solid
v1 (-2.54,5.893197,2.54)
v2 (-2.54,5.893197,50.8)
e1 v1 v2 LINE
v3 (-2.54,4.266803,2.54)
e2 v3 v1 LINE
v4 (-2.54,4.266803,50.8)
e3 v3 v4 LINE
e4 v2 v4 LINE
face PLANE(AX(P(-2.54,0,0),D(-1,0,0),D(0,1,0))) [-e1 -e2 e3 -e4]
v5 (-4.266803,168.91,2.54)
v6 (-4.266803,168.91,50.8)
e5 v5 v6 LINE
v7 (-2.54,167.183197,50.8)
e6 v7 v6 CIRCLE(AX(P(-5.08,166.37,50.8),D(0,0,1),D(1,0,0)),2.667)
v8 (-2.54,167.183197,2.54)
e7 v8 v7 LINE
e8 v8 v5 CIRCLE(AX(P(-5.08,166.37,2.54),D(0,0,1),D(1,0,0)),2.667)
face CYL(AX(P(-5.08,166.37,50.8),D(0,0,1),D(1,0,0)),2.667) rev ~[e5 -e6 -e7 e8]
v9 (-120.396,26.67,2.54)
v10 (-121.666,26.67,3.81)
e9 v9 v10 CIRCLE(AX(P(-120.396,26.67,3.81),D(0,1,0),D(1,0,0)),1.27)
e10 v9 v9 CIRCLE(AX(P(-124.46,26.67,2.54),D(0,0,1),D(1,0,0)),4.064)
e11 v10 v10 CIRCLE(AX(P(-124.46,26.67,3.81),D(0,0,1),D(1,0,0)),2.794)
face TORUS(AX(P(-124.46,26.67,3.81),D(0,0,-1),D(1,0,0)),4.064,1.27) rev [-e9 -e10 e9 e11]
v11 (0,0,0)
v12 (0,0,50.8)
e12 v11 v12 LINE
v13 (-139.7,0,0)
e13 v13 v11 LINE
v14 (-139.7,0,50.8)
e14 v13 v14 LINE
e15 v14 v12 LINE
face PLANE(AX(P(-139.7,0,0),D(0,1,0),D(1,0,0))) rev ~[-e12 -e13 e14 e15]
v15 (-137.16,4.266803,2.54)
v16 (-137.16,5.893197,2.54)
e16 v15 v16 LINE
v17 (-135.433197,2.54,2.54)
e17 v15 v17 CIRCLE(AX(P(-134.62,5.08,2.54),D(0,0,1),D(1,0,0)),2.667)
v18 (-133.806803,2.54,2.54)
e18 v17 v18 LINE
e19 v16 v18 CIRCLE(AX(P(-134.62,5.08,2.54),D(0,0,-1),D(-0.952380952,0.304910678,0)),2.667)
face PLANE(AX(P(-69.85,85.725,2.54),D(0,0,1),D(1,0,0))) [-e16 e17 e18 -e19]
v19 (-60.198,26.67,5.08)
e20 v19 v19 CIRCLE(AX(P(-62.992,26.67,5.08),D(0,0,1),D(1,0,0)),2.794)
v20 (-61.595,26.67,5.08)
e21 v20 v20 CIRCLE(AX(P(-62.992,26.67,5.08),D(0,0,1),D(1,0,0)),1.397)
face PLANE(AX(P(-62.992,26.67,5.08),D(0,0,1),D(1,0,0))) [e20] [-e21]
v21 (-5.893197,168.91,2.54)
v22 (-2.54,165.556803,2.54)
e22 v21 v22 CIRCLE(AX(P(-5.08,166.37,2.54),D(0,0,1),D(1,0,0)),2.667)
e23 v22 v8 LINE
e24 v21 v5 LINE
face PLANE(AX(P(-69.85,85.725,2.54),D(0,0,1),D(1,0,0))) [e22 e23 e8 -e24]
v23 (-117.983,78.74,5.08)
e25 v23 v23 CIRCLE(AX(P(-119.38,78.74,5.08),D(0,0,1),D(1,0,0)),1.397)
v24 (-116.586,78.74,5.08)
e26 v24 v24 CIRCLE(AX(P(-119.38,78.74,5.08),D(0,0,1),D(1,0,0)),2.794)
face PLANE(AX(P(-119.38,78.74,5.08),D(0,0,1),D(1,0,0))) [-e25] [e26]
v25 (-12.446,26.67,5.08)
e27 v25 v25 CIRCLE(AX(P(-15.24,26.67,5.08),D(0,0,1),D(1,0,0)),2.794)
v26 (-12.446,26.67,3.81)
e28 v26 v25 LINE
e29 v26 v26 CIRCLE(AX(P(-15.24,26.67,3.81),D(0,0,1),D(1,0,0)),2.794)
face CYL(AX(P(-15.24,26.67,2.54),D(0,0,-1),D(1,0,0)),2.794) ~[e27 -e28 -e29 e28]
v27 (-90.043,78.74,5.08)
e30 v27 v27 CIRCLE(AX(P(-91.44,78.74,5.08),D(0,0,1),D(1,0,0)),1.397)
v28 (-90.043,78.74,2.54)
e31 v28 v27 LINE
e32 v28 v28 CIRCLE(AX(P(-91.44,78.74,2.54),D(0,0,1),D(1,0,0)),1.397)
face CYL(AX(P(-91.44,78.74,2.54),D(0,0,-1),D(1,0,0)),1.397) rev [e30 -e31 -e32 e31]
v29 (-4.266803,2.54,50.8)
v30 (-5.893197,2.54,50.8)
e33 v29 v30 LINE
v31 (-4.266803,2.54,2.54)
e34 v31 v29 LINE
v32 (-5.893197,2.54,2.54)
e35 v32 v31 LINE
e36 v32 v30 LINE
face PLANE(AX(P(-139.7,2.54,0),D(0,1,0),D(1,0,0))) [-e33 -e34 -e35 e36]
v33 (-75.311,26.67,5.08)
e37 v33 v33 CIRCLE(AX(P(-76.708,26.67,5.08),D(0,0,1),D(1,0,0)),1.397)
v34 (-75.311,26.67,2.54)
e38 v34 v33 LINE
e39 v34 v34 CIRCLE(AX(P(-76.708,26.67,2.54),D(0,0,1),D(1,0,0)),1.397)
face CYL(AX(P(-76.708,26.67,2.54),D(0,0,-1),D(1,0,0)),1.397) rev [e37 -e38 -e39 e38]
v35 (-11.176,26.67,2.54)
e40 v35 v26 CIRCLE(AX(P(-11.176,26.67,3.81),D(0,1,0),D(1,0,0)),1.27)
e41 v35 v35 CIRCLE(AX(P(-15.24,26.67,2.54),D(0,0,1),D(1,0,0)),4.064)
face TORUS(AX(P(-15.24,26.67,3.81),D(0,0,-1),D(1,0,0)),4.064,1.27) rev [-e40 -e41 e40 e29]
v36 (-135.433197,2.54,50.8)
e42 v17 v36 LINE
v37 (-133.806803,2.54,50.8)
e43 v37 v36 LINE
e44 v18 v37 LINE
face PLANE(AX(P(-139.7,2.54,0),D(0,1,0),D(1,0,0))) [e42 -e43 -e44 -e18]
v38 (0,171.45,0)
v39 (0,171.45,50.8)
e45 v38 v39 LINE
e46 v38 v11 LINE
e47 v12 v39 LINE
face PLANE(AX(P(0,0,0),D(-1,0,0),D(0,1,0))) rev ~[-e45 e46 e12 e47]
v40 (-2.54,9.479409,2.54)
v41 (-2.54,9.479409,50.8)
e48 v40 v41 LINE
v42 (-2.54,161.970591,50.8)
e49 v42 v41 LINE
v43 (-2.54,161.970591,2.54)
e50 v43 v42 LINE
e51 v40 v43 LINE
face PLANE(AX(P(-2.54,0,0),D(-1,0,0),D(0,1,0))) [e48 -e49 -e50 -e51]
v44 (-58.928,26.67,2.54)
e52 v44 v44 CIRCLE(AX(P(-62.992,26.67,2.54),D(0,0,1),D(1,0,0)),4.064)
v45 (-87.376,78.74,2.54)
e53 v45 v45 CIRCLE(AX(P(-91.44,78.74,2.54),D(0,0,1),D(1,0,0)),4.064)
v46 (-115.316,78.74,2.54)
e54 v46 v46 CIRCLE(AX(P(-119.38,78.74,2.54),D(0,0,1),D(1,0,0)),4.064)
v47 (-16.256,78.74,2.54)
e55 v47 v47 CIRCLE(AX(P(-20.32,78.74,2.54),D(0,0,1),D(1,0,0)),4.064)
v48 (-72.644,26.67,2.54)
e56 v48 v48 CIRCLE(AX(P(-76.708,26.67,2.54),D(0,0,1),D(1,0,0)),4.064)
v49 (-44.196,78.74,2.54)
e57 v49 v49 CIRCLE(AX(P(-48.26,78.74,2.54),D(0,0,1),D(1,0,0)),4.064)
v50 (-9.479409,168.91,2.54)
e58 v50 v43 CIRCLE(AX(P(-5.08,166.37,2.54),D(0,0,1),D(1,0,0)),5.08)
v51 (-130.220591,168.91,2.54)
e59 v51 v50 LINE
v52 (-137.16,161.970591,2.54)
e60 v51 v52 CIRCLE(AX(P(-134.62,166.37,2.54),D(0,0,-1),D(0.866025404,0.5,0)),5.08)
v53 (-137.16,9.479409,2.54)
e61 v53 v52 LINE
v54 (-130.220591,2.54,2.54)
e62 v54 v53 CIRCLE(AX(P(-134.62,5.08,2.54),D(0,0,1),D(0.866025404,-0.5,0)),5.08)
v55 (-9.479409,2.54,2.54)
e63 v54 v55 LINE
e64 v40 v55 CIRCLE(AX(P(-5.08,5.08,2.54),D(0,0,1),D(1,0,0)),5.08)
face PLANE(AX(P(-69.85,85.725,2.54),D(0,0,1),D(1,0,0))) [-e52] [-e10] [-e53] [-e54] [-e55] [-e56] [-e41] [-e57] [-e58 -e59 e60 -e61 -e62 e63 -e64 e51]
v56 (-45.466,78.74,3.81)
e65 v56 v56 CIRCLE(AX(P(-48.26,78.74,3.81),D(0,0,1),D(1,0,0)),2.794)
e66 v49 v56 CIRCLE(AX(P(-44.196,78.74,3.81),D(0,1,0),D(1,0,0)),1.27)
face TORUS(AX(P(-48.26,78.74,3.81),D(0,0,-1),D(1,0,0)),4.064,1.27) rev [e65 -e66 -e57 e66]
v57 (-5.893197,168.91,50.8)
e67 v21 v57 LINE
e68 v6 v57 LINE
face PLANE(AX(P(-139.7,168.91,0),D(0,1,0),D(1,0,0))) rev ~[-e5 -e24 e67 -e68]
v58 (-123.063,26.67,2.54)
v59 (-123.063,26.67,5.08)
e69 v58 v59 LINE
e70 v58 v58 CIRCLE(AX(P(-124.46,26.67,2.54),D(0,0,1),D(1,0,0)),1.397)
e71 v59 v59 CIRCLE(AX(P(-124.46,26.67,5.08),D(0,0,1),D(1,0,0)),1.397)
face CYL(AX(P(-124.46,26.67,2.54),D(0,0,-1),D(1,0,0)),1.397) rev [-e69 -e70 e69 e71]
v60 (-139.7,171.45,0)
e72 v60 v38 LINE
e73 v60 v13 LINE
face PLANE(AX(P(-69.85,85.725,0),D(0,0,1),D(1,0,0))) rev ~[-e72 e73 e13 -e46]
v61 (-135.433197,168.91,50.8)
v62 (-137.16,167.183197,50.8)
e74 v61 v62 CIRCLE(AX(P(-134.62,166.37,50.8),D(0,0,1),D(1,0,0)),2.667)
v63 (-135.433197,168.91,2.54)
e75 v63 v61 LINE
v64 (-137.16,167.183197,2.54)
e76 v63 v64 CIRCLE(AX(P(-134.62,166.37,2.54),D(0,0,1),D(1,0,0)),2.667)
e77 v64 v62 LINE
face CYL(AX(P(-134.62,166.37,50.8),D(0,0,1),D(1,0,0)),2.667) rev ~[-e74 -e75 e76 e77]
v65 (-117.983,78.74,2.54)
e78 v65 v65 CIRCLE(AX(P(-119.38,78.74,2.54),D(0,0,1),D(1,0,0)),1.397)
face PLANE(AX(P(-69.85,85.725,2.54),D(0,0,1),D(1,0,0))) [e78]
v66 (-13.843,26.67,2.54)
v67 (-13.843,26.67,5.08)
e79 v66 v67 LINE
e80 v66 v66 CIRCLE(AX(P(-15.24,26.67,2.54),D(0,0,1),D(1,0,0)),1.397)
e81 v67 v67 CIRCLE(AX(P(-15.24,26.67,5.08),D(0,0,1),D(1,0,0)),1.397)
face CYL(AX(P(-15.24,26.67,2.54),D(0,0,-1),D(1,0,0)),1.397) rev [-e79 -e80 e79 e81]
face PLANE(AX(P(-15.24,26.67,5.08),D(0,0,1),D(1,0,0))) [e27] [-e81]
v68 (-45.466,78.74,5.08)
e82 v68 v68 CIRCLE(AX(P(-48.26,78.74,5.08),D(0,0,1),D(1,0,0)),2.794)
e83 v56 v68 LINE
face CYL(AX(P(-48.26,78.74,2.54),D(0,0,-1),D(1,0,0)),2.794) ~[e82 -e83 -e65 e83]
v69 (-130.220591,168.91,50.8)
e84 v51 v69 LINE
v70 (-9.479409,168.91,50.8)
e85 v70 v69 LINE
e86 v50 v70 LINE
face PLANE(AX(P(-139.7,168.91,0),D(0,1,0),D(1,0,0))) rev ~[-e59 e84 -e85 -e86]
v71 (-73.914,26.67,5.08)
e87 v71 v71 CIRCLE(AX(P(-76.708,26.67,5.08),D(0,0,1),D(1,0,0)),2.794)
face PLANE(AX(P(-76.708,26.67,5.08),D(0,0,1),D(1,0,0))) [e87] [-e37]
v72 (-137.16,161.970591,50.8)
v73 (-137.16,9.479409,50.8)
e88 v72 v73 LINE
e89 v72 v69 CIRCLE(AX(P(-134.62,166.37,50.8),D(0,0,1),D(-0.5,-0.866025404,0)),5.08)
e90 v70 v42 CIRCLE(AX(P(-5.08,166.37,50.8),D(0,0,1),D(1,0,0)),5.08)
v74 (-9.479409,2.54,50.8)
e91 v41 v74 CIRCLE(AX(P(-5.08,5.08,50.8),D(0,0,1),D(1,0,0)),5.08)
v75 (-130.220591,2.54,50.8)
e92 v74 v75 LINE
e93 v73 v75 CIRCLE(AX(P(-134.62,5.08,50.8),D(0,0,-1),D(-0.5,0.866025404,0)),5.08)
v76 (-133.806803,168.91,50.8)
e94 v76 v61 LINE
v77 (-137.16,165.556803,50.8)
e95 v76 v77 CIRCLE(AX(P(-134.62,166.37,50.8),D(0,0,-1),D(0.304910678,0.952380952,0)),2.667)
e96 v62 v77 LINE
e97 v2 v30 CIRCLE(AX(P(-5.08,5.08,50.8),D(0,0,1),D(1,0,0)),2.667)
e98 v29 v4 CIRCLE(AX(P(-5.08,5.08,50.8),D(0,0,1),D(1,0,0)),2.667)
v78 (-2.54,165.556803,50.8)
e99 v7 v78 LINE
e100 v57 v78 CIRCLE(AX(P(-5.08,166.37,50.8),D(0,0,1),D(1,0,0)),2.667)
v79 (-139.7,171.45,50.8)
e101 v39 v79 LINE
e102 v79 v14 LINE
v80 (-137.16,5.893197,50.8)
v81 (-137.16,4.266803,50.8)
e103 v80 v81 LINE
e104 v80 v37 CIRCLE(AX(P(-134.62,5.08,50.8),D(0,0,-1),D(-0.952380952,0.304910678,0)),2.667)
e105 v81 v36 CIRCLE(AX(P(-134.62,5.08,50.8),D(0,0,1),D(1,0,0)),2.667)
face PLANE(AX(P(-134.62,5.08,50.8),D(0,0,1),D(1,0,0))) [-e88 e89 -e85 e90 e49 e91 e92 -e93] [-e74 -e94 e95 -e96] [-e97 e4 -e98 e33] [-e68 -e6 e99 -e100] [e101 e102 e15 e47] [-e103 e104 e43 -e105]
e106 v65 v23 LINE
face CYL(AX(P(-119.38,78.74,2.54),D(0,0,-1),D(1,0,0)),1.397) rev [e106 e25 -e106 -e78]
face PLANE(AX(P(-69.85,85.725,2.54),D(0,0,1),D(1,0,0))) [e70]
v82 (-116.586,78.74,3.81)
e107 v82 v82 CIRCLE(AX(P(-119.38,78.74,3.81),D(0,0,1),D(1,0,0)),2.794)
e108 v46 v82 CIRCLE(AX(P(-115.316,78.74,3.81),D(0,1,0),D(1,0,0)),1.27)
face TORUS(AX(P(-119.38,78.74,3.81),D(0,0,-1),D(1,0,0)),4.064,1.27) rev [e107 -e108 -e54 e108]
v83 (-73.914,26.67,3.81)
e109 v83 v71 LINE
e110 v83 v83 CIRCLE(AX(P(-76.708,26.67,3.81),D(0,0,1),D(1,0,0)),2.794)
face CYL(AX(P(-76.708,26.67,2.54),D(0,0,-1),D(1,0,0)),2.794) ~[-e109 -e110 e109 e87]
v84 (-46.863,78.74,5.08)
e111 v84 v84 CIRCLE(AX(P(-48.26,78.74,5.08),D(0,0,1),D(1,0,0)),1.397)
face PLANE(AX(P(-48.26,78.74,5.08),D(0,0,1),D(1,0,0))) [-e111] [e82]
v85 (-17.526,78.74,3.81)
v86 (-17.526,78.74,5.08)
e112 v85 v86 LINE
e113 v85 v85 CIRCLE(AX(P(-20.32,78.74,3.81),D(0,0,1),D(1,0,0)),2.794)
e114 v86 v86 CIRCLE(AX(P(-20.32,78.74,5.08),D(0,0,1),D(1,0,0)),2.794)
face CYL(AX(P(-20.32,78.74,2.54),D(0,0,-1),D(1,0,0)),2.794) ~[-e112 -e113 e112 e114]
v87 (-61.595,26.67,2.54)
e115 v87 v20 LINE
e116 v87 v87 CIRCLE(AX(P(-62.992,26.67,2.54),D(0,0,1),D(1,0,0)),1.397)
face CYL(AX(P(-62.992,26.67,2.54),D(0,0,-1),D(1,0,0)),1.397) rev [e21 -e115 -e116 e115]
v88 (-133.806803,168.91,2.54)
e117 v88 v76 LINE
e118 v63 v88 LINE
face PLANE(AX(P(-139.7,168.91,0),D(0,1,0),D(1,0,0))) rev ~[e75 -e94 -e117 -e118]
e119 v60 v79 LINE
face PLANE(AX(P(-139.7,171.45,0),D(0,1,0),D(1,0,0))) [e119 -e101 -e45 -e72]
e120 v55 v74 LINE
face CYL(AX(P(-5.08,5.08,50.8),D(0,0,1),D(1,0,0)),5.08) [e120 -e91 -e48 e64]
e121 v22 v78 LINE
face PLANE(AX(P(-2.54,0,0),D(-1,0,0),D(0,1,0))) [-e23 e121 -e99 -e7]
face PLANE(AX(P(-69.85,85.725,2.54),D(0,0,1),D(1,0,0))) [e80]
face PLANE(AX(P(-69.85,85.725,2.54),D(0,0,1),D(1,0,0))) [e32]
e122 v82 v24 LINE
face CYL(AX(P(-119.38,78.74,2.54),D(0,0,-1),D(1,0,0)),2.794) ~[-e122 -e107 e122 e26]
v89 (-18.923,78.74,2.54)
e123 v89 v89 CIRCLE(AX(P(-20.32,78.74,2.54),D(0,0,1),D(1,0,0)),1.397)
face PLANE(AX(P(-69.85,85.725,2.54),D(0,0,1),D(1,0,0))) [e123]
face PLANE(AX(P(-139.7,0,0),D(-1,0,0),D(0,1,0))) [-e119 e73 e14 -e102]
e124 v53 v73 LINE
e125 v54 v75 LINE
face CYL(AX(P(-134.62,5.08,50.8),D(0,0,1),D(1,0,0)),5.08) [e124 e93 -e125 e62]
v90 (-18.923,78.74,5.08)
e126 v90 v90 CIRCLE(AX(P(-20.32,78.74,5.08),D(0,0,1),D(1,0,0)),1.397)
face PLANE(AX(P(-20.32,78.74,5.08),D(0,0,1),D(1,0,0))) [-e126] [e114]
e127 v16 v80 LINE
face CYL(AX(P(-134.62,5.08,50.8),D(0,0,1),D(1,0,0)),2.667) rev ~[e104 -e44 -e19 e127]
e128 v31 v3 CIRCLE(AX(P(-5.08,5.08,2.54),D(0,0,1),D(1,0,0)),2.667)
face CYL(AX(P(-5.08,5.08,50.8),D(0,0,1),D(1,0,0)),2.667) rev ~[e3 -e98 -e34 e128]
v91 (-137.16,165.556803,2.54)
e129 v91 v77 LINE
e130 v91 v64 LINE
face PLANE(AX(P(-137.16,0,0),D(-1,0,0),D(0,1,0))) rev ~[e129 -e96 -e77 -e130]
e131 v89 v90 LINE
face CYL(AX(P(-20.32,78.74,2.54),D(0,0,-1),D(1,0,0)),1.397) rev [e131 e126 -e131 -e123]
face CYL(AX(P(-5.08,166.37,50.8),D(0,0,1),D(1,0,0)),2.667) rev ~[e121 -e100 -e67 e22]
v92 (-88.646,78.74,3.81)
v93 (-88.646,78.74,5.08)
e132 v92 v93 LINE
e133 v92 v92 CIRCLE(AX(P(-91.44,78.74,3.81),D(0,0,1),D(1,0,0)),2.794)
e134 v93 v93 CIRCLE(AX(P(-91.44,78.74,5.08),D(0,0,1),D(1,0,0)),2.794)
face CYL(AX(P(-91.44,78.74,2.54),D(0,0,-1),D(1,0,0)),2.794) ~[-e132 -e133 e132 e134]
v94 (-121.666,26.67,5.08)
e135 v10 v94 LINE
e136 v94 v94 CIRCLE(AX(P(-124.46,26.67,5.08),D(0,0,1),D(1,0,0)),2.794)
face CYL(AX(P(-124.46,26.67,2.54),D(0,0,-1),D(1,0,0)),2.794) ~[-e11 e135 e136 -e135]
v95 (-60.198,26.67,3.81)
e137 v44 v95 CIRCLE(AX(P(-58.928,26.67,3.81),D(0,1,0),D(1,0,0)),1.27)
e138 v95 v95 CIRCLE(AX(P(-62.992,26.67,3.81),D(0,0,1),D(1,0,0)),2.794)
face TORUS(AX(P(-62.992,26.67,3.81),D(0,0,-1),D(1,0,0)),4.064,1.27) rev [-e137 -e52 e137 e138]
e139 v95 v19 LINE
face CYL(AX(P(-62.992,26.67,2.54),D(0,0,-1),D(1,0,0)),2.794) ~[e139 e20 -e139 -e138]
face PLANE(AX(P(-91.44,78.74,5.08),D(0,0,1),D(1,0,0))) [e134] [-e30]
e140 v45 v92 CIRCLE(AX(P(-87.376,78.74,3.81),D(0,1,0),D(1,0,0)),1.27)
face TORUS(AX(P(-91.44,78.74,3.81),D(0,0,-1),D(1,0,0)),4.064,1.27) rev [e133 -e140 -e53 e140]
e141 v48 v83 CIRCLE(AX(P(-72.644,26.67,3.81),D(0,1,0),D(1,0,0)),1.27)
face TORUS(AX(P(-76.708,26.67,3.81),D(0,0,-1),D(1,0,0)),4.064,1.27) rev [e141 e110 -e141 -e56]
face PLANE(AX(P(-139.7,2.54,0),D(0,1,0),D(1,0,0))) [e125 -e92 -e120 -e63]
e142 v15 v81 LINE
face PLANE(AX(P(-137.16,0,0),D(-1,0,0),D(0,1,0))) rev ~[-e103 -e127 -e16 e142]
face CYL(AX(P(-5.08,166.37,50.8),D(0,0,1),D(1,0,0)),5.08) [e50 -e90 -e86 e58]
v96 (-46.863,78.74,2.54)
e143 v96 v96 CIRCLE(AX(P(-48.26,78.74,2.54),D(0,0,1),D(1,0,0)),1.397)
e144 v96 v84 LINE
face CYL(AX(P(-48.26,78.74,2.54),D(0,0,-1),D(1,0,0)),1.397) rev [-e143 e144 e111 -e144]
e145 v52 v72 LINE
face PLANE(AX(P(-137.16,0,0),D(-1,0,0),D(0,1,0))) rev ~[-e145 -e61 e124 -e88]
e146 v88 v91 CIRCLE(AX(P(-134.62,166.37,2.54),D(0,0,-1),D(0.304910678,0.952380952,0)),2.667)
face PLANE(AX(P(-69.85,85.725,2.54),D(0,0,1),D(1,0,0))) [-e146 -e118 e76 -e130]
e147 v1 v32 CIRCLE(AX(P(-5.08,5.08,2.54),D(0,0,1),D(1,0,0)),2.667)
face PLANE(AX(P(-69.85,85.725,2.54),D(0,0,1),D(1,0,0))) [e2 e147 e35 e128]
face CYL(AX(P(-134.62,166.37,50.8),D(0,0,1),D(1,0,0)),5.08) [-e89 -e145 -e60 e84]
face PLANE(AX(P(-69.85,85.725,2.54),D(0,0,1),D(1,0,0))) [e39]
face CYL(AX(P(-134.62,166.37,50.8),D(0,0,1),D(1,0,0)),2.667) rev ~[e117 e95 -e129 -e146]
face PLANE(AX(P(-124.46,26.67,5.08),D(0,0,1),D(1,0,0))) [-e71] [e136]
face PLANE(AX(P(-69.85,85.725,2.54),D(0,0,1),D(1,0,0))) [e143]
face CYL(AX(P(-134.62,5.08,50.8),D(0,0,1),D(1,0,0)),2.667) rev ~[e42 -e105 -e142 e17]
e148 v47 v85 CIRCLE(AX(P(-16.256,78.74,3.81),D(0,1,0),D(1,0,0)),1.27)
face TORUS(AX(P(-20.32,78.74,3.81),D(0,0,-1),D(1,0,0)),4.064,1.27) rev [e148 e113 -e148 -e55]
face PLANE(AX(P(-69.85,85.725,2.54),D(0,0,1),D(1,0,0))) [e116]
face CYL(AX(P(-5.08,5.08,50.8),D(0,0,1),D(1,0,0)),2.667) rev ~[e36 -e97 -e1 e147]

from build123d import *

# Parameters (mm, degrees)
SKETCH1_W           = 139.7
SKETCH1_H           = 171.45
BOSS_EXTRUDE1_DEPTH = 50.8
SHELL2_T            = -2.54
SKETCH3_R           = 5.08
SKETCH3_R_2         = 2.667
BOSS_EXTRUDE3_DEPTH = 50.8
SKETCH4_R           = 2.794
SKETCH4_R_2         = 1.397
BOSS_EXTRUDE4_DEPTH = 2.54
FILLET1_R           = 1.27


with BuildPart() as part:
    # Sketch1 → Boss-Extrude1 (new body)
    with BuildSketch(Plane.XY):
        with Locations((-69.85, 85.725)):
            Rectangle(SKETCH1_W, SKETCH1_H)
    extrude(amount=BOSS_EXTRUDE1_DEPTH)

    # Shell2
    shell2_openings = [part.faces().sort_by_distance(p)[0] for p in [
        (-69.85, 85.725, 50.8),
    ]]
    offset(amount=SHELL2_T, openings=shell2_openings, kind=Kind.INTERSECTION)

    # Sketch3 → Boss-Extrude3 (add)
    with BuildSketch(Plane.XY.offset(50.8)):
        with Locations((-134.62, 5.08)):
            Circle(SKETCH3_R)
        with Locations((-134.62, 5.08)):
            Circle(SKETCH3_R_2, mode=Mode.SUBTRACT)
        with Locations((-134.62, 166.37)):
            Circle(SKETCH3_R)
        with Locations((-134.62, 166.37)):
            Circle(SKETCH3_R_2, mode=Mode.SUBTRACT)
        with Locations((-5.08, 166.37)):
            Circle(SKETCH3_R)
        with Locations((-5.08, 166.37)):
            Circle(SKETCH3_R_2, mode=Mode.SUBTRACT)
        with Locations((-5.08, 5.08)):
            Circle(SKETCH3_R)
        with Locations((-5.08, 5.08)):
            Circle(SKETCH3_R_2, mode=Mode.SUBTRACT)
    extrude(amount=-BOSS_EXTRUDE3_DEPTH)

    # Sketch4 → Boss-Extrude4 (add)
    with BuildSketch(Plane.XY.offset(2.54)):
        with Locations((-62.992, 26.67)):
            Circle(SKETCH4_R)
        with Locations((-62.992, 26.67)):
            Circle(SKETCH4_R_2, mode=Mode.SUBTRACT)
        with Locations((-48.26, 78.74)):
            Circle(SKETCH4_R)
        with Locations((-48.26, 78.74)):
            Circle(SKETCH4_R_2, mode=Mode.SUBTRACT)
        with Locations((-20.32, 78.74)):
            Circle(SKETCH4_R)
        with Locations((-20.32, 78.74)):
            Circle(SKETCH4_R_2, mode=Mode.SUBTRACT)
        with Locations((-15.24, 26.67)):
            Circle(SKETCH4_R)
        with Locations((-15.24, 26.67)):
            Circle(SKETCH4_R_2, mode=Mode.SUBTRACT)
        with Locations((-76.708, 26.67)):
            Circle(SKETCH4_R)
        with Locations((-76.708, 26.67)):
            Circle(SKETCH4_R_2, mode=Mode.SUBTRACT)
        with Locations((-91.44, 78.74)):
            Circle(SKETCH4_R)
        with Locations((-91.44, 78.74)):
            Circle(SKETCH4_R_2, mode=Mode.SUBTRACT)
        with Locations((-119.38, 78.74)):
            Circle(SKETCH4_R)
        with Locations((-119.38, 78.74)):
            Circle(SKETCH4_R_2, mode=Mode.SUBTRACT)
        with Locations((-124.46, 26.67)):
            Circle(SKETCH4_R)
        with Locations((-124.46, 26.67)):
            Circle(SKETCH4_R_2, mode=Mode.SUBTRACT)
    extrude(amount=BOSS_EXTRUDE4_DEPTH)

    # Fillet1
    fillet1_edges = [part.edges().sort_by_distance(p)[0] for p in [
        (-65.786, 26.67, 2.54),
        (-51.054, 78.74, 2.54),
        (-23.114, 78.74, 2.54),
        (-18.034, 26.67, 2.54),
        (-79.502, 26.67, 2.54),
        (-94.234, 78.74, 2.54),
        (-122.174, 78.74, 2.54),
        (-127.254, 26.67, 2.54),
    ]]
    fillet(fillet1_edges, radius=FILLET1_R)


solid = part.part
